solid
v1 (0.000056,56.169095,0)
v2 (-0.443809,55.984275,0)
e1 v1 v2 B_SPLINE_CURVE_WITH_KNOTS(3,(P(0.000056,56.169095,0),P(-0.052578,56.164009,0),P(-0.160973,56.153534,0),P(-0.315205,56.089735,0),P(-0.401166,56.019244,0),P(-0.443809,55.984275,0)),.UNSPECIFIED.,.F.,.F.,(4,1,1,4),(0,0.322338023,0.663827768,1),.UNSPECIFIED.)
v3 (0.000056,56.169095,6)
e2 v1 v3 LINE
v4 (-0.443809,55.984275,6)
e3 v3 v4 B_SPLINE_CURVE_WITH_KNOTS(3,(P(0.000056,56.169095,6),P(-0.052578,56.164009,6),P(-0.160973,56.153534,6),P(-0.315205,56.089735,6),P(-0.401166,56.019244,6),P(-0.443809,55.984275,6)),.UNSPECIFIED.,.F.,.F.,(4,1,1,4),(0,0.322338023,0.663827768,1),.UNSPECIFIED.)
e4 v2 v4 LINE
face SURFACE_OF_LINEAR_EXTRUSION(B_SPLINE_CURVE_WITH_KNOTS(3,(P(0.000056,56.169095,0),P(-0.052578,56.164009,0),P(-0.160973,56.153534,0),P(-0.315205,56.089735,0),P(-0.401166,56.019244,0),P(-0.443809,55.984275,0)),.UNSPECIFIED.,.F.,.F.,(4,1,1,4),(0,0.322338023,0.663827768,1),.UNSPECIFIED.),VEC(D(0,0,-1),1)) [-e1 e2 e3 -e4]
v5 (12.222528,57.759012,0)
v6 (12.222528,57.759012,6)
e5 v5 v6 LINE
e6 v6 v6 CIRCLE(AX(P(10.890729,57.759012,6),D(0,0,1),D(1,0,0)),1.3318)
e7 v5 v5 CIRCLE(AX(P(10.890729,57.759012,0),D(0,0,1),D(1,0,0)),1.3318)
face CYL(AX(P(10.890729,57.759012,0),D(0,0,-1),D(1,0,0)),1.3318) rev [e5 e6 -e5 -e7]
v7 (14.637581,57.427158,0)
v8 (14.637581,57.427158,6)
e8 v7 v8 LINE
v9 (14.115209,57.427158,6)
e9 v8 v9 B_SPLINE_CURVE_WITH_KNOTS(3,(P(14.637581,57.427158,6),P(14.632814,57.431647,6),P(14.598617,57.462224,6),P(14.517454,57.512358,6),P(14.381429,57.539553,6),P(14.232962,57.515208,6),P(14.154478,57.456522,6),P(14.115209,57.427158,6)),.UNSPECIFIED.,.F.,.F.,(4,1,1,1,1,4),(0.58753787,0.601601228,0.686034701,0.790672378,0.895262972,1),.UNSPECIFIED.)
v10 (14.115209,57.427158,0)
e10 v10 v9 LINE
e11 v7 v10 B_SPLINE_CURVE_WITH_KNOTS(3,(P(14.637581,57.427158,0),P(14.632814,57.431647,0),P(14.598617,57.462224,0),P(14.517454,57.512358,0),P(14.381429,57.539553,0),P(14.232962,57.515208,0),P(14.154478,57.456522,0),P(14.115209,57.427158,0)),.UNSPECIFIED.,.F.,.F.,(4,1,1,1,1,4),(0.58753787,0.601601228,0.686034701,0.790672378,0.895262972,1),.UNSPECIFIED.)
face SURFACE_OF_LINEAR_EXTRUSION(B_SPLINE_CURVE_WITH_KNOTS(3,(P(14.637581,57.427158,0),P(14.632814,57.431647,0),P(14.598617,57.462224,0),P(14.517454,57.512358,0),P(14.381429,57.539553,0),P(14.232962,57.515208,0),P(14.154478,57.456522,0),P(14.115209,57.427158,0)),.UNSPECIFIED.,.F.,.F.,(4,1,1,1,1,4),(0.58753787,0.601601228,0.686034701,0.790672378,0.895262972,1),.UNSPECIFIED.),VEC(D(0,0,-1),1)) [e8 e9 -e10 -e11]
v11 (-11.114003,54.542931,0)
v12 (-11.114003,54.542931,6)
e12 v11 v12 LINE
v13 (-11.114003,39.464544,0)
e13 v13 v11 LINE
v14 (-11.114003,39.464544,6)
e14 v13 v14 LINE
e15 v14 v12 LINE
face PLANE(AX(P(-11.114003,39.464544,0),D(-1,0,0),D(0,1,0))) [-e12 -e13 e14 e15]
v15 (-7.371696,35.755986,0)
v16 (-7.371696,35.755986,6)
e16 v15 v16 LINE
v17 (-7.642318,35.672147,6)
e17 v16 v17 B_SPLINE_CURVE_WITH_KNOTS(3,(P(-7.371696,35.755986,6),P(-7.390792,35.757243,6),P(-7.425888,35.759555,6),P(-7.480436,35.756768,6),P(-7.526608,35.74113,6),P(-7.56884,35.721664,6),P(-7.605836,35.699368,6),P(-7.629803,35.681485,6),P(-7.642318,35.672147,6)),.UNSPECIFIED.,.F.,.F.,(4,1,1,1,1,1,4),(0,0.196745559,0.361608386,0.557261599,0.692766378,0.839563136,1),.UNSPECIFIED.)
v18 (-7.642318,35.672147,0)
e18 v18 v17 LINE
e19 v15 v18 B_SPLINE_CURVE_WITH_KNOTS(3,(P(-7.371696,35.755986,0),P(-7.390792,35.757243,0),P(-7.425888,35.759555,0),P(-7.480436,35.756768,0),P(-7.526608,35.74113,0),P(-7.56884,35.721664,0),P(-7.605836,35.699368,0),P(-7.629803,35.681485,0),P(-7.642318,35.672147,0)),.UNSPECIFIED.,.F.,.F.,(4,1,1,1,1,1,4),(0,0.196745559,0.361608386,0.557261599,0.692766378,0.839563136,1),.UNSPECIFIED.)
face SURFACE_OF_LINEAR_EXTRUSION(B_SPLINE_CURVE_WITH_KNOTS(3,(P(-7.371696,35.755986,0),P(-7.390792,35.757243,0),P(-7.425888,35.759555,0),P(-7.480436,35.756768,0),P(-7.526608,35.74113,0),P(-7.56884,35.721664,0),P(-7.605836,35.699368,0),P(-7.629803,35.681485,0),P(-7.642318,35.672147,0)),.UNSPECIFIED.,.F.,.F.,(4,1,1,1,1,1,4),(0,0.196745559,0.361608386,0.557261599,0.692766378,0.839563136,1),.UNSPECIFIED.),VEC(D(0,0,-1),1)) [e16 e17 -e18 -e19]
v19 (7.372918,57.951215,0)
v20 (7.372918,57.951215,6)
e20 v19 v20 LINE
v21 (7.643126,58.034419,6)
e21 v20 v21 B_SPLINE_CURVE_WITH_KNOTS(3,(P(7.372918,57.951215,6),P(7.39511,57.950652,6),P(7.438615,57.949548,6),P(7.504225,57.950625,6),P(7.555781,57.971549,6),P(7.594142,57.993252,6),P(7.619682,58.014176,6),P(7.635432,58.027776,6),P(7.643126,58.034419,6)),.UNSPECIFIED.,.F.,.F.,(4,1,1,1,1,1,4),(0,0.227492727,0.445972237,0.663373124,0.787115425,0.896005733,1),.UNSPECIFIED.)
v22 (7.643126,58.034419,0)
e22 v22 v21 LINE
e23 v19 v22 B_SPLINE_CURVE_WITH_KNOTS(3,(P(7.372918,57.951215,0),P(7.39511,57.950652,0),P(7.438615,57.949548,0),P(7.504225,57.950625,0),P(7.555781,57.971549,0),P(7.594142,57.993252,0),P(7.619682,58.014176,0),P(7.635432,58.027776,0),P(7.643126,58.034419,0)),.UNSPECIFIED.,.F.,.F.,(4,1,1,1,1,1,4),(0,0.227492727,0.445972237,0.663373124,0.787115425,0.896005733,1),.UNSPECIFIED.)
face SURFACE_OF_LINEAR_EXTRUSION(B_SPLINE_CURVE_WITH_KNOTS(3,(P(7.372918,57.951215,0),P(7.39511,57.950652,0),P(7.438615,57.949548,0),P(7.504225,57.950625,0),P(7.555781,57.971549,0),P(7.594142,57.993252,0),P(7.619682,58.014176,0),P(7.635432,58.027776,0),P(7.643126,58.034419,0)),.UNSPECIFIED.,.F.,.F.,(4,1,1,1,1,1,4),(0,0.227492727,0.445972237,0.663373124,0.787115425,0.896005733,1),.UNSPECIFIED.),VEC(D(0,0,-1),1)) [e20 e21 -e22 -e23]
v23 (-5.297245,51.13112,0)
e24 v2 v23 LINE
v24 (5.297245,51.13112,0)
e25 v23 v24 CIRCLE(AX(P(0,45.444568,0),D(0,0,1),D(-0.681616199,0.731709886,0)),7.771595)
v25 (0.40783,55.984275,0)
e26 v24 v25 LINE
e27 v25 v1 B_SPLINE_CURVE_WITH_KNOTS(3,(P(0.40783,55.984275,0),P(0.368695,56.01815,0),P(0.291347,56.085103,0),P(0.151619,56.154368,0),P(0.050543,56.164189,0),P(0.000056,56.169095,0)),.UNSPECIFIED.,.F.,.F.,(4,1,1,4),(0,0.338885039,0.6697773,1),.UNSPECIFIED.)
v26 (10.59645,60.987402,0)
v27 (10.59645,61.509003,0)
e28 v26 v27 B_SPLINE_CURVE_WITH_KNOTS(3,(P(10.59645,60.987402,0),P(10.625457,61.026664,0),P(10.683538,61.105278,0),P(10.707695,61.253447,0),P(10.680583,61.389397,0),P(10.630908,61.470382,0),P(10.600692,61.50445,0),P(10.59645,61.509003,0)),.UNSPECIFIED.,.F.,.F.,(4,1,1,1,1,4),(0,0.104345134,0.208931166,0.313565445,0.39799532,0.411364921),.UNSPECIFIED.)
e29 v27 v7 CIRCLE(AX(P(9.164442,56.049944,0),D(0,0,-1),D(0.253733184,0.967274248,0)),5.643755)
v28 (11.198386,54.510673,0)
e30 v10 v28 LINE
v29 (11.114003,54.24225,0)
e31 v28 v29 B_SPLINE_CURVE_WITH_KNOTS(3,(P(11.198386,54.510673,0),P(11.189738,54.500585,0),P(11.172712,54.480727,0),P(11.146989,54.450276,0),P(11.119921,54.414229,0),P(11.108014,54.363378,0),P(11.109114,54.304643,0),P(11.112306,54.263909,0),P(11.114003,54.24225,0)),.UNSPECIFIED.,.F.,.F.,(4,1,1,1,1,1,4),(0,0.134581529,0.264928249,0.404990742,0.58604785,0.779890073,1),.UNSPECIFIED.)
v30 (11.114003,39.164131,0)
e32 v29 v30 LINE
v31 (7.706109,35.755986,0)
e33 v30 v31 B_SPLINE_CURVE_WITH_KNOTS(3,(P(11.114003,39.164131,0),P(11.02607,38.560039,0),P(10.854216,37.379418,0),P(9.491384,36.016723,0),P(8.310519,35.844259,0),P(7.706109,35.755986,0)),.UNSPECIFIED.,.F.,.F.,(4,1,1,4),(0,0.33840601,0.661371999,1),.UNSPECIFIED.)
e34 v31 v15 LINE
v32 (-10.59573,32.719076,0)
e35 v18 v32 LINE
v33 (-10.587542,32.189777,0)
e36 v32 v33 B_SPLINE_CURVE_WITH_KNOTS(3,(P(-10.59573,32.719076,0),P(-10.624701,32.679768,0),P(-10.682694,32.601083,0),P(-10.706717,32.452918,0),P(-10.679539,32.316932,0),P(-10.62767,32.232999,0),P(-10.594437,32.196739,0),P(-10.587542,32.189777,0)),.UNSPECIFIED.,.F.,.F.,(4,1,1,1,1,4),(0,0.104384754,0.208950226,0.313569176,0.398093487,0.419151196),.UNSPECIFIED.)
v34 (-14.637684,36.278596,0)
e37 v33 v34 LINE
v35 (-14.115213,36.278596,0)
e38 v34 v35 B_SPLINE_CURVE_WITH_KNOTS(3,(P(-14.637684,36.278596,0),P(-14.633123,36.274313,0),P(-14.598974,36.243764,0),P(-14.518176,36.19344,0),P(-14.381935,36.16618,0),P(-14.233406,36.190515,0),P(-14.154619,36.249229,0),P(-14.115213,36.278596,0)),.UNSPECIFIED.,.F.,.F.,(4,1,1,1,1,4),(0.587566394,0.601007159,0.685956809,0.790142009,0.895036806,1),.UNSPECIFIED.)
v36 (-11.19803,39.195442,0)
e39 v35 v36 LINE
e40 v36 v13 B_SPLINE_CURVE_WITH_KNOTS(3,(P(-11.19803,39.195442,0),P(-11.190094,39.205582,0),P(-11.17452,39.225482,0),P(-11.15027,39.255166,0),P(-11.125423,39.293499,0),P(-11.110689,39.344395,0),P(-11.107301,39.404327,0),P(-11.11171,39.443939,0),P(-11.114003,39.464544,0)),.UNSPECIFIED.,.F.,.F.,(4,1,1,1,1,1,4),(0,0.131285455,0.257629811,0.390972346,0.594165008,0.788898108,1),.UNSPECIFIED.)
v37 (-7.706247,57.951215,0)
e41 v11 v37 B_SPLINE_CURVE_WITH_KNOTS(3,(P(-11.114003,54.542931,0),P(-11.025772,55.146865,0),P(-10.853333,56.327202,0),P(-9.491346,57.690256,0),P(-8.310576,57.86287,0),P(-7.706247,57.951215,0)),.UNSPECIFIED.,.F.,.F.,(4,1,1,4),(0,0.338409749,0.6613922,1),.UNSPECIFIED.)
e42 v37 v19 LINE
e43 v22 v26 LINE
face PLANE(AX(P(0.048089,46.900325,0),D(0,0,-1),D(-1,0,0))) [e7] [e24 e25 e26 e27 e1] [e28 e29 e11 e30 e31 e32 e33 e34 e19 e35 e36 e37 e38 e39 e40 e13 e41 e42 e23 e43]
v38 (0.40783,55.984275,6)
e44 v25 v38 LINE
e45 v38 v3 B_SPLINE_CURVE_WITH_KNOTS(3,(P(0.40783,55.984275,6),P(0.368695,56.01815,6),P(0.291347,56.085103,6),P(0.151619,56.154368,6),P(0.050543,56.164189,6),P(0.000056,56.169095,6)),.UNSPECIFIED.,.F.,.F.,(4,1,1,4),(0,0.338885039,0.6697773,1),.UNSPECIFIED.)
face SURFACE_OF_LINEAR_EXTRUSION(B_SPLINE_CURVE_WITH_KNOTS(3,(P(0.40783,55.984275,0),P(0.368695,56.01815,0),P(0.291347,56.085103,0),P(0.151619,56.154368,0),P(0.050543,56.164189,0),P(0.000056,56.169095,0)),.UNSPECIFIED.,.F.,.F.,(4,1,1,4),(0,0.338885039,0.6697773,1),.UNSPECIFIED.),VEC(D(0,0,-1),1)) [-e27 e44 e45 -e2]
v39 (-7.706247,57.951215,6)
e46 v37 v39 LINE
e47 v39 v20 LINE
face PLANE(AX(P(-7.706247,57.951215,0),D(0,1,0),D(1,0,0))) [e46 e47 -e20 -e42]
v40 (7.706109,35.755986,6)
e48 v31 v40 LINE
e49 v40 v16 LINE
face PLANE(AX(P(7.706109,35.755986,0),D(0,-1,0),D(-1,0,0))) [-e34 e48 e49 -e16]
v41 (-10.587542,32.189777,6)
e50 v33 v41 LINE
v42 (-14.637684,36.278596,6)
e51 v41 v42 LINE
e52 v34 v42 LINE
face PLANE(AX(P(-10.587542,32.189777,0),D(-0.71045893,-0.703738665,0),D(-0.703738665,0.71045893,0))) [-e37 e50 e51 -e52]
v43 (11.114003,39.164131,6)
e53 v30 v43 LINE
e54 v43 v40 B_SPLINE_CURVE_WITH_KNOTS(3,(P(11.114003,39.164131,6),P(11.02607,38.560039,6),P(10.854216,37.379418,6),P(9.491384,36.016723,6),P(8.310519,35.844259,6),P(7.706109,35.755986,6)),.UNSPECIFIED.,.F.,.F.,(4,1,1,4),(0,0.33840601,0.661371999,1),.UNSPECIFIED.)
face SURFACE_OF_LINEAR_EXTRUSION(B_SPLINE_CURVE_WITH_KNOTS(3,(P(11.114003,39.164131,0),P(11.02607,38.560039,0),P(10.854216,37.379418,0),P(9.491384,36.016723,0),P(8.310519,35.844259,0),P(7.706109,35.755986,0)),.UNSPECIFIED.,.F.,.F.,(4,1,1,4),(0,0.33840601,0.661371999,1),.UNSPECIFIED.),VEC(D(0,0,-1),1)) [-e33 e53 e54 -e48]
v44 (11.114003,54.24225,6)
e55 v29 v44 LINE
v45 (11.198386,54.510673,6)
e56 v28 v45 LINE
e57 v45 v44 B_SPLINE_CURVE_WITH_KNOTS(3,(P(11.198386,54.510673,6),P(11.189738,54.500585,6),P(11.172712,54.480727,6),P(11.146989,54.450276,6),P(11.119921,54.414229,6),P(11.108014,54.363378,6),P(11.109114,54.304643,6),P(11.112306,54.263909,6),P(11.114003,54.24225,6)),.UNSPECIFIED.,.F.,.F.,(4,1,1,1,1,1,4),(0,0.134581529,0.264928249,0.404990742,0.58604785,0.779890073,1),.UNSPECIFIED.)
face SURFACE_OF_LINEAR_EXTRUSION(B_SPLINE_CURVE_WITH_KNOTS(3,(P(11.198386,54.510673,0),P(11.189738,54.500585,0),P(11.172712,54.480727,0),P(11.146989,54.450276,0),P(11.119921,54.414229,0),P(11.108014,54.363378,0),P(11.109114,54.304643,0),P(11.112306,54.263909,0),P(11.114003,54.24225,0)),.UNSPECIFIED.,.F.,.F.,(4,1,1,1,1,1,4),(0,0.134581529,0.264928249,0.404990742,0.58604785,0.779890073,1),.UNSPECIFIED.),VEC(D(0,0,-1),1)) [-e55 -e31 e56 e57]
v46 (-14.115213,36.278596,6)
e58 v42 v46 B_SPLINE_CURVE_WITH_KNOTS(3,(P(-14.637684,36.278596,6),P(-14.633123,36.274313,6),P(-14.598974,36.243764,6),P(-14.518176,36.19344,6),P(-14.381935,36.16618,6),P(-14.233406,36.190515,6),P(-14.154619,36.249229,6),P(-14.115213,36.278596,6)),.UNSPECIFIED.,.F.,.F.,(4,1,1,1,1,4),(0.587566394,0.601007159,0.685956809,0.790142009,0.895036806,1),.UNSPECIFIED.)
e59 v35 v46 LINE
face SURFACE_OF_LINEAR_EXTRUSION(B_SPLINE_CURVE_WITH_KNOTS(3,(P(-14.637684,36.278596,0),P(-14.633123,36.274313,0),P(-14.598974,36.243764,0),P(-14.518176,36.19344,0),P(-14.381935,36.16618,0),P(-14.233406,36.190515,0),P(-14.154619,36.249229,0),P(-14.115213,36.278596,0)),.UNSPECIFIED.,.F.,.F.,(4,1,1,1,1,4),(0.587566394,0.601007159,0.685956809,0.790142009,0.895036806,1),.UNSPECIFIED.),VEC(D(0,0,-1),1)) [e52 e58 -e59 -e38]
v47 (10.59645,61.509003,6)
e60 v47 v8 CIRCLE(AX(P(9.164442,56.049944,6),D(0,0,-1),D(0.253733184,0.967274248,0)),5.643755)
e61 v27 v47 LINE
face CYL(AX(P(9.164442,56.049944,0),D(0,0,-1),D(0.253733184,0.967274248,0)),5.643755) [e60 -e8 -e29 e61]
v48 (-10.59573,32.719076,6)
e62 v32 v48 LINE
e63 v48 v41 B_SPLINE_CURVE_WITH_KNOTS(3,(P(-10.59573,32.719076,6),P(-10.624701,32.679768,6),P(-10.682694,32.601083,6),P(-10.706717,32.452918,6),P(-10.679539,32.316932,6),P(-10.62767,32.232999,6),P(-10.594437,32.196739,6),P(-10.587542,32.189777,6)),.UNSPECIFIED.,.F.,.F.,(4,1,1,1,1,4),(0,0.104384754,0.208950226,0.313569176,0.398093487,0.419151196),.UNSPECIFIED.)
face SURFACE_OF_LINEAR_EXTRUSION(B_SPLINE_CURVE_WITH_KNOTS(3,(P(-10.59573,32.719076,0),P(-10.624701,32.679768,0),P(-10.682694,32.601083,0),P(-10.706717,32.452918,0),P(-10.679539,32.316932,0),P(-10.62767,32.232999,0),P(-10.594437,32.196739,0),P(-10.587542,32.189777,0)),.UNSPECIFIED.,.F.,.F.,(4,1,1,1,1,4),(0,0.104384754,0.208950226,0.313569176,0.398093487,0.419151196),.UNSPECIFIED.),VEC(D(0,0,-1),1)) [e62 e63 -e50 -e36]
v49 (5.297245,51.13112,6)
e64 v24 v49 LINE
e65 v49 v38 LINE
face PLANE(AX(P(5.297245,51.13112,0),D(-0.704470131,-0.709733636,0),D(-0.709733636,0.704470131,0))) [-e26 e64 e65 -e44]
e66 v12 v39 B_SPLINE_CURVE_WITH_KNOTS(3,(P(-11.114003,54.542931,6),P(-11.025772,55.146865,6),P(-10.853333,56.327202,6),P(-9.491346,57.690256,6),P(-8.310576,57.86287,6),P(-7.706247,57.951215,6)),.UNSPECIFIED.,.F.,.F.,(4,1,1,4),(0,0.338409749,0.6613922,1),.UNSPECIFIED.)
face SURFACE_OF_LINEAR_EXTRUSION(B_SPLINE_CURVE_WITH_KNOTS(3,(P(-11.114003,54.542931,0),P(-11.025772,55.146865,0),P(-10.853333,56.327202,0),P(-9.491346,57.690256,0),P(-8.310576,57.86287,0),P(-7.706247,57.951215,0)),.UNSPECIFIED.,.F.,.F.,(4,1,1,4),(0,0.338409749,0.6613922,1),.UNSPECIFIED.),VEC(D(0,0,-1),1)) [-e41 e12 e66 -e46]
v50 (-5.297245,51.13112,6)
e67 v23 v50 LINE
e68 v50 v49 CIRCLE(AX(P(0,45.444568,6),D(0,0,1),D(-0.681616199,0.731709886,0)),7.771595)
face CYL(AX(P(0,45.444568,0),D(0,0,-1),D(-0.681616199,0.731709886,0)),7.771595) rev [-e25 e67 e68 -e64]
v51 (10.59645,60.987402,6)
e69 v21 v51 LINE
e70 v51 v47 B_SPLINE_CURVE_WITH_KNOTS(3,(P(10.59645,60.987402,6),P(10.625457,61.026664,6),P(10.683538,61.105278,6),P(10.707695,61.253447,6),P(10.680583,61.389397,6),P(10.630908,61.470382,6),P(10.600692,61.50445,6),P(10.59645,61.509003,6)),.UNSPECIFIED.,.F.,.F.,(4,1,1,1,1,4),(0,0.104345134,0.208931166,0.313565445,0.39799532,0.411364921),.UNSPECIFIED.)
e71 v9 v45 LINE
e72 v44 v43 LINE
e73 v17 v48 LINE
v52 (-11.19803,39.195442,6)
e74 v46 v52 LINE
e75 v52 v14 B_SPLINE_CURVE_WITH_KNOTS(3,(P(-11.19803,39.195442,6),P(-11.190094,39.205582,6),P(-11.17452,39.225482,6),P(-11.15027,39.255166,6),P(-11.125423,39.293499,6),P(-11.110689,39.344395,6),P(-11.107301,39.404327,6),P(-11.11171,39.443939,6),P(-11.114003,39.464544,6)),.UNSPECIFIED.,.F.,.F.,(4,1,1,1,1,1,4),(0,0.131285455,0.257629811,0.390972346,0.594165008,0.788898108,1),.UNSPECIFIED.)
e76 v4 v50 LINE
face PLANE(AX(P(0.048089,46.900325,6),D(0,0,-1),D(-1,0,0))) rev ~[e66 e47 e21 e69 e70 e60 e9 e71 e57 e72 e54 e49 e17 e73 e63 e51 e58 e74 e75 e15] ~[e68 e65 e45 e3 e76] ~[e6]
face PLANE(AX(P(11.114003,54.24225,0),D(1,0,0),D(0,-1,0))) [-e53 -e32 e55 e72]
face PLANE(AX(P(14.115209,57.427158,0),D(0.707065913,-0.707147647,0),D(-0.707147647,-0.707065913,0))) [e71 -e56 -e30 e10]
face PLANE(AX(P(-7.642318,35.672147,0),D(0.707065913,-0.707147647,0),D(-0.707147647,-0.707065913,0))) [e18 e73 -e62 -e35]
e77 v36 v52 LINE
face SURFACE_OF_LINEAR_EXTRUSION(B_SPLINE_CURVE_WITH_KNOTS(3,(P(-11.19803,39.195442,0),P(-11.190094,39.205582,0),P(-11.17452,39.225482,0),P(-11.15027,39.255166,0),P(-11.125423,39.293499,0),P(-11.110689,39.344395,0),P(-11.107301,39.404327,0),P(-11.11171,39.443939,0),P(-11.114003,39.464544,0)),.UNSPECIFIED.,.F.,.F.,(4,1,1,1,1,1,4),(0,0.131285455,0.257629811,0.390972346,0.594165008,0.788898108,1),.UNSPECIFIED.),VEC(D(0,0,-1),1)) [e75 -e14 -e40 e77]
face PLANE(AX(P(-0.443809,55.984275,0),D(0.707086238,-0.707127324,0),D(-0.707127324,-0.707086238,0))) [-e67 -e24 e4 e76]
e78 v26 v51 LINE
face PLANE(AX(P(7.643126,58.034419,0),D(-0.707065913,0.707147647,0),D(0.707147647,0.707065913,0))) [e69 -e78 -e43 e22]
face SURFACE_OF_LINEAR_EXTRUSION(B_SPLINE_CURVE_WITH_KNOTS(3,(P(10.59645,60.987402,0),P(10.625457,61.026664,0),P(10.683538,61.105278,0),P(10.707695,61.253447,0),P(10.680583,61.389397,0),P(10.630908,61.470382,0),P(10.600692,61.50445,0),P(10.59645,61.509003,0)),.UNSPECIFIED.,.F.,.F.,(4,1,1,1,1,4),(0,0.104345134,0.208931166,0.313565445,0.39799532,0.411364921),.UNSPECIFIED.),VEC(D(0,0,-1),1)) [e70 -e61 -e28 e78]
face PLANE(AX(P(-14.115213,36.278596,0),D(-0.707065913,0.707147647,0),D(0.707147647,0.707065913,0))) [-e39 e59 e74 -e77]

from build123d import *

# Parameters (mm, degrees)
SKETCH2_R           = 1.331799604
BOSS_EXTRUDE1_DEPTH = 6


with BuildPart() as part:
    # Sketch2 → Boss-Extrude1 (new body)
    with BuildSketch(Plane.XY):
        with BuildLine():
            Line((-7.706246934, 57.951214685), (7.372918204, 57.951214685))
            add(Edge.make_bspline(
                [(7.372918204, 57.951214685), (7.395110156, 57.950651705), (7.438614819, 57.949548051), (7.504225261, 57.950625459), (7.555781235, 57.971549168), (7.594142025, 57.993251928), (7.6196821, 58.014176428), (7.635431909, 58.027775879), (7.643125702, 58.03441922)],
                knots=[0, 0, 0, 0, 0.227492727, 0.445972237, 0.663373124, 0.787115425, 0.896005733, 1, 1, 1, 1], degree=3))
            Line((7.643125702, 58.03441922), (10.59644992, 60.987402087))
            add(Edge.make_bspline(
                [(10.59644992, 60.987402087), (10.625456983, 61.026663762), (10.683538077, 61.105277754), (10.707695299, 61.253447318), (10.680583073, 61.389397251), (10.630907962, 61.470381818), (10.600692174, 61.504449729), (10.59644991, 61.50900292)],
                knots=[0, 0, 0, 0, 0.104345134, 0.208931166, 0.313565445, 0.39799532, 0.411364921, 0.411364921, 0.411364921, 0.411364921], degree=3))
            ThreePointArc((10.59644991, 61.50900292), (13.175131131, 60.020629535), (14.637581092, 57.427158448))
            add(Edge.make_bspline(
                [(14.637581092, 57.427158448), (14.63281413, 57.431646623), (14.598617329, 57.462223659), (14.517454165, 57.512357762), (14.3814295, 57.53955279), (14.232961651, 57.515207684), (14.154478031, 57.456521872), (14.115208769, 57.42715844)],
                knots=[0.58753787, 0.58753787, 0.58753787, 0.58753787, 0.601601228, 0.686034701, 0.790672378, 0.895262972, 1, 1, 1, 1], degree=3))
            Line((14.115208769, 57.42715844), (11.198386433, 54.510673236))
            add(Edge.make_bspline(
                [(11.198386433, 54.510673236), (11.189737643, 54.50058532), (11.172712209, 54.480726918), (11.146988546, 54.45027591), (11.11992052, 54.414228702), (11.108014065, 54.36337785), (11.109113984, 54.30464265), (11.112305892, 54.263909284), (11.114003119, 54.242250215)],
                knots=[0, 0, 0, 0, 0.134581529, 0.264928249, 0.404990742, 0.58604785, 0.779890073, 1, 1, 1, 1], degree=3))
            Line((11.114003119, 54.242250215), (11.114003119, 39.164130765))
            add(Edge.make_bspline(
                [(11.114003119, 39.164130765), (11.026069958, 38.560039142), (10.85421565, 37.379418015), (9.491383713, 36.016723245), (8.31051879, 35.844259059), (7.706108935, 35.755985581)],
                knots=[0, 0, 0, 0, 0.33840601, 0.661371999, 1, 1, 1, 1], degree=3))
            Line((7.706108935, 35.755985581), (-7.3716965, 35.755985581))
            add(Edge.make_bspline(
                [(-7.3716965, 35.755985581), (-7.390791848, 35.757243364), (-7.42588813, 35.759555105), (-7.480435634, 35.756767712), (-7.526608025, 35.741130321), (-7.568839822, 35.721664455), (-7.605836087, 35.699368029), (-7.62980257, 35.681485074), (-7.642317826, 35.672146626)],
                knots=[0, 0, 0, 0, 0.196745559, 0.361608386, 0.557261599, 0.692766378, 0.839563136, 1, 1, 1, 1], degree=3))
            Line((-7.642317826, 35.672146626), (-10.595729808, 32.719076005))
            add(Edge.make_bspline(
                [(-10.595729808, 32.719076005), (-10.624701104, 32.679767795), (-10.682693852, 32.601083323), (-10.706716869, 32.452917901), (-10.679538616, 32.31693156), (-10.627669532, 32.232998542), (-10.594437458, 32.196738778), (-10.58754182, 32.189777291)],
                knots=[0, 0, 0, 0, 0.104384754, 0.208950226, 0.313569176, 0.398093487, 0.419151196, 0.419151196, 0.419151196, 0.419151196], degree=3))
            Line((-10.58754182, 32.189777291), (-14.637683818, 36.278595616))
            add(Edge.make_bspline(
                [(-14.637683818, 36.278595616), (-14.633122591, 36.274312936), (-14.5989743, 36.243764471), (-14.518175826, 36.193440108), (-14.381934797, 36.166179863), (-14.233405716, 36.190514922), (-14.154618978, 36.249229011), (-14.11521277, 36.278595623)],
                knots=[0.587566394, 0.587566394, 0.587566394, 0.587566394, 0.601007159, 0.685956809, 0.790142009, 0.895036806, 1, 1, 1, 1], degree=3))
            Line((-14.11521277, 36.278595623), (-11.198029632, 39.195441586))
            add(Edge.make_bspline(
                [(-11.198029632, 39.195441586), (-11.190093681, 39.205582441), (-11.174520458, 39.225482487), (-11.15027016, 39.255165521), (-11.125422855, 39.293499099), (-11.110689079, 39.344394677), (-11.107300881, 39.404327233), (-11.111709764, 39.443939019), (-11.114003119, 39.464543755)],
                knots=[0, 0, 0, 0, 0.131285455, 0.257629811, 0.390972346, 0.594165008, 0.788898108, 1, 1, 1, 1], degree=3))
            Line((-11.114003119, 39.464543755), (-11.114003119, 54.542930501))
            add(Edge.make_bspline(
                [(-11.114003119, 54.542930501), (-11.025772384, 55.146864843), (-10.853333144, 56.327201592), (-9.491346414, 57.690256382), (-8.310575854, 57.862869665), (-7.706246934, 57.951214685)],
                knots=[0, 0, 0, 0, 0.338409749, 0.6613922, 1, 1, 1, 1], degree=3))
        make_face()
        with Locations((10.890728729, 57.759012308)):
            Circle(SKETCH2_R, mode=Mode.SUBTRACT)
        with BuildLine():
            Line((-0.443808512, 55.984274583), (-5.297244805, 51.131120289))
            ThreePointArc((-5.297244805, 51.131120289), (0, 37.672973009), (5.297244805, 51.131120289))
            Line((5.297244805, 51.131120289), (0.407829784, 55.984274583))
            add(Edge.make_bspline(
                [(0.407829784, 55.984274583), (0.368694639, 56.018150383), (0.291347372, 56.085103007), (0.15161935, 56.154367662), (0.050542727, 56.164189345), (5.56e-05, 56.169095213)],
                knots=[0, 0, 0, 0, 0.338885039, 0.6697773, 1, 1, 1, 1], degree=3))
            add(Edge.make_bspline(
                [(5.56e-05, 56.169095213), (-0.05257804, 56.164008855), (-0.160972548, 56.153533933), (-0.315204963, 56.089735455), (-0.401165502, 56.019243828), (-0.443808512, 55.984274583)],
                knots=[0, 0, 0, 0, 0.322338023, 0.663827768, 1, 1, 1, 1], degree=3))
        make_face(mode=Mode.SUBTRACT)
    extrude(amount=BOSS_EXTRUDE1_DEPTH)


solid = part.part
